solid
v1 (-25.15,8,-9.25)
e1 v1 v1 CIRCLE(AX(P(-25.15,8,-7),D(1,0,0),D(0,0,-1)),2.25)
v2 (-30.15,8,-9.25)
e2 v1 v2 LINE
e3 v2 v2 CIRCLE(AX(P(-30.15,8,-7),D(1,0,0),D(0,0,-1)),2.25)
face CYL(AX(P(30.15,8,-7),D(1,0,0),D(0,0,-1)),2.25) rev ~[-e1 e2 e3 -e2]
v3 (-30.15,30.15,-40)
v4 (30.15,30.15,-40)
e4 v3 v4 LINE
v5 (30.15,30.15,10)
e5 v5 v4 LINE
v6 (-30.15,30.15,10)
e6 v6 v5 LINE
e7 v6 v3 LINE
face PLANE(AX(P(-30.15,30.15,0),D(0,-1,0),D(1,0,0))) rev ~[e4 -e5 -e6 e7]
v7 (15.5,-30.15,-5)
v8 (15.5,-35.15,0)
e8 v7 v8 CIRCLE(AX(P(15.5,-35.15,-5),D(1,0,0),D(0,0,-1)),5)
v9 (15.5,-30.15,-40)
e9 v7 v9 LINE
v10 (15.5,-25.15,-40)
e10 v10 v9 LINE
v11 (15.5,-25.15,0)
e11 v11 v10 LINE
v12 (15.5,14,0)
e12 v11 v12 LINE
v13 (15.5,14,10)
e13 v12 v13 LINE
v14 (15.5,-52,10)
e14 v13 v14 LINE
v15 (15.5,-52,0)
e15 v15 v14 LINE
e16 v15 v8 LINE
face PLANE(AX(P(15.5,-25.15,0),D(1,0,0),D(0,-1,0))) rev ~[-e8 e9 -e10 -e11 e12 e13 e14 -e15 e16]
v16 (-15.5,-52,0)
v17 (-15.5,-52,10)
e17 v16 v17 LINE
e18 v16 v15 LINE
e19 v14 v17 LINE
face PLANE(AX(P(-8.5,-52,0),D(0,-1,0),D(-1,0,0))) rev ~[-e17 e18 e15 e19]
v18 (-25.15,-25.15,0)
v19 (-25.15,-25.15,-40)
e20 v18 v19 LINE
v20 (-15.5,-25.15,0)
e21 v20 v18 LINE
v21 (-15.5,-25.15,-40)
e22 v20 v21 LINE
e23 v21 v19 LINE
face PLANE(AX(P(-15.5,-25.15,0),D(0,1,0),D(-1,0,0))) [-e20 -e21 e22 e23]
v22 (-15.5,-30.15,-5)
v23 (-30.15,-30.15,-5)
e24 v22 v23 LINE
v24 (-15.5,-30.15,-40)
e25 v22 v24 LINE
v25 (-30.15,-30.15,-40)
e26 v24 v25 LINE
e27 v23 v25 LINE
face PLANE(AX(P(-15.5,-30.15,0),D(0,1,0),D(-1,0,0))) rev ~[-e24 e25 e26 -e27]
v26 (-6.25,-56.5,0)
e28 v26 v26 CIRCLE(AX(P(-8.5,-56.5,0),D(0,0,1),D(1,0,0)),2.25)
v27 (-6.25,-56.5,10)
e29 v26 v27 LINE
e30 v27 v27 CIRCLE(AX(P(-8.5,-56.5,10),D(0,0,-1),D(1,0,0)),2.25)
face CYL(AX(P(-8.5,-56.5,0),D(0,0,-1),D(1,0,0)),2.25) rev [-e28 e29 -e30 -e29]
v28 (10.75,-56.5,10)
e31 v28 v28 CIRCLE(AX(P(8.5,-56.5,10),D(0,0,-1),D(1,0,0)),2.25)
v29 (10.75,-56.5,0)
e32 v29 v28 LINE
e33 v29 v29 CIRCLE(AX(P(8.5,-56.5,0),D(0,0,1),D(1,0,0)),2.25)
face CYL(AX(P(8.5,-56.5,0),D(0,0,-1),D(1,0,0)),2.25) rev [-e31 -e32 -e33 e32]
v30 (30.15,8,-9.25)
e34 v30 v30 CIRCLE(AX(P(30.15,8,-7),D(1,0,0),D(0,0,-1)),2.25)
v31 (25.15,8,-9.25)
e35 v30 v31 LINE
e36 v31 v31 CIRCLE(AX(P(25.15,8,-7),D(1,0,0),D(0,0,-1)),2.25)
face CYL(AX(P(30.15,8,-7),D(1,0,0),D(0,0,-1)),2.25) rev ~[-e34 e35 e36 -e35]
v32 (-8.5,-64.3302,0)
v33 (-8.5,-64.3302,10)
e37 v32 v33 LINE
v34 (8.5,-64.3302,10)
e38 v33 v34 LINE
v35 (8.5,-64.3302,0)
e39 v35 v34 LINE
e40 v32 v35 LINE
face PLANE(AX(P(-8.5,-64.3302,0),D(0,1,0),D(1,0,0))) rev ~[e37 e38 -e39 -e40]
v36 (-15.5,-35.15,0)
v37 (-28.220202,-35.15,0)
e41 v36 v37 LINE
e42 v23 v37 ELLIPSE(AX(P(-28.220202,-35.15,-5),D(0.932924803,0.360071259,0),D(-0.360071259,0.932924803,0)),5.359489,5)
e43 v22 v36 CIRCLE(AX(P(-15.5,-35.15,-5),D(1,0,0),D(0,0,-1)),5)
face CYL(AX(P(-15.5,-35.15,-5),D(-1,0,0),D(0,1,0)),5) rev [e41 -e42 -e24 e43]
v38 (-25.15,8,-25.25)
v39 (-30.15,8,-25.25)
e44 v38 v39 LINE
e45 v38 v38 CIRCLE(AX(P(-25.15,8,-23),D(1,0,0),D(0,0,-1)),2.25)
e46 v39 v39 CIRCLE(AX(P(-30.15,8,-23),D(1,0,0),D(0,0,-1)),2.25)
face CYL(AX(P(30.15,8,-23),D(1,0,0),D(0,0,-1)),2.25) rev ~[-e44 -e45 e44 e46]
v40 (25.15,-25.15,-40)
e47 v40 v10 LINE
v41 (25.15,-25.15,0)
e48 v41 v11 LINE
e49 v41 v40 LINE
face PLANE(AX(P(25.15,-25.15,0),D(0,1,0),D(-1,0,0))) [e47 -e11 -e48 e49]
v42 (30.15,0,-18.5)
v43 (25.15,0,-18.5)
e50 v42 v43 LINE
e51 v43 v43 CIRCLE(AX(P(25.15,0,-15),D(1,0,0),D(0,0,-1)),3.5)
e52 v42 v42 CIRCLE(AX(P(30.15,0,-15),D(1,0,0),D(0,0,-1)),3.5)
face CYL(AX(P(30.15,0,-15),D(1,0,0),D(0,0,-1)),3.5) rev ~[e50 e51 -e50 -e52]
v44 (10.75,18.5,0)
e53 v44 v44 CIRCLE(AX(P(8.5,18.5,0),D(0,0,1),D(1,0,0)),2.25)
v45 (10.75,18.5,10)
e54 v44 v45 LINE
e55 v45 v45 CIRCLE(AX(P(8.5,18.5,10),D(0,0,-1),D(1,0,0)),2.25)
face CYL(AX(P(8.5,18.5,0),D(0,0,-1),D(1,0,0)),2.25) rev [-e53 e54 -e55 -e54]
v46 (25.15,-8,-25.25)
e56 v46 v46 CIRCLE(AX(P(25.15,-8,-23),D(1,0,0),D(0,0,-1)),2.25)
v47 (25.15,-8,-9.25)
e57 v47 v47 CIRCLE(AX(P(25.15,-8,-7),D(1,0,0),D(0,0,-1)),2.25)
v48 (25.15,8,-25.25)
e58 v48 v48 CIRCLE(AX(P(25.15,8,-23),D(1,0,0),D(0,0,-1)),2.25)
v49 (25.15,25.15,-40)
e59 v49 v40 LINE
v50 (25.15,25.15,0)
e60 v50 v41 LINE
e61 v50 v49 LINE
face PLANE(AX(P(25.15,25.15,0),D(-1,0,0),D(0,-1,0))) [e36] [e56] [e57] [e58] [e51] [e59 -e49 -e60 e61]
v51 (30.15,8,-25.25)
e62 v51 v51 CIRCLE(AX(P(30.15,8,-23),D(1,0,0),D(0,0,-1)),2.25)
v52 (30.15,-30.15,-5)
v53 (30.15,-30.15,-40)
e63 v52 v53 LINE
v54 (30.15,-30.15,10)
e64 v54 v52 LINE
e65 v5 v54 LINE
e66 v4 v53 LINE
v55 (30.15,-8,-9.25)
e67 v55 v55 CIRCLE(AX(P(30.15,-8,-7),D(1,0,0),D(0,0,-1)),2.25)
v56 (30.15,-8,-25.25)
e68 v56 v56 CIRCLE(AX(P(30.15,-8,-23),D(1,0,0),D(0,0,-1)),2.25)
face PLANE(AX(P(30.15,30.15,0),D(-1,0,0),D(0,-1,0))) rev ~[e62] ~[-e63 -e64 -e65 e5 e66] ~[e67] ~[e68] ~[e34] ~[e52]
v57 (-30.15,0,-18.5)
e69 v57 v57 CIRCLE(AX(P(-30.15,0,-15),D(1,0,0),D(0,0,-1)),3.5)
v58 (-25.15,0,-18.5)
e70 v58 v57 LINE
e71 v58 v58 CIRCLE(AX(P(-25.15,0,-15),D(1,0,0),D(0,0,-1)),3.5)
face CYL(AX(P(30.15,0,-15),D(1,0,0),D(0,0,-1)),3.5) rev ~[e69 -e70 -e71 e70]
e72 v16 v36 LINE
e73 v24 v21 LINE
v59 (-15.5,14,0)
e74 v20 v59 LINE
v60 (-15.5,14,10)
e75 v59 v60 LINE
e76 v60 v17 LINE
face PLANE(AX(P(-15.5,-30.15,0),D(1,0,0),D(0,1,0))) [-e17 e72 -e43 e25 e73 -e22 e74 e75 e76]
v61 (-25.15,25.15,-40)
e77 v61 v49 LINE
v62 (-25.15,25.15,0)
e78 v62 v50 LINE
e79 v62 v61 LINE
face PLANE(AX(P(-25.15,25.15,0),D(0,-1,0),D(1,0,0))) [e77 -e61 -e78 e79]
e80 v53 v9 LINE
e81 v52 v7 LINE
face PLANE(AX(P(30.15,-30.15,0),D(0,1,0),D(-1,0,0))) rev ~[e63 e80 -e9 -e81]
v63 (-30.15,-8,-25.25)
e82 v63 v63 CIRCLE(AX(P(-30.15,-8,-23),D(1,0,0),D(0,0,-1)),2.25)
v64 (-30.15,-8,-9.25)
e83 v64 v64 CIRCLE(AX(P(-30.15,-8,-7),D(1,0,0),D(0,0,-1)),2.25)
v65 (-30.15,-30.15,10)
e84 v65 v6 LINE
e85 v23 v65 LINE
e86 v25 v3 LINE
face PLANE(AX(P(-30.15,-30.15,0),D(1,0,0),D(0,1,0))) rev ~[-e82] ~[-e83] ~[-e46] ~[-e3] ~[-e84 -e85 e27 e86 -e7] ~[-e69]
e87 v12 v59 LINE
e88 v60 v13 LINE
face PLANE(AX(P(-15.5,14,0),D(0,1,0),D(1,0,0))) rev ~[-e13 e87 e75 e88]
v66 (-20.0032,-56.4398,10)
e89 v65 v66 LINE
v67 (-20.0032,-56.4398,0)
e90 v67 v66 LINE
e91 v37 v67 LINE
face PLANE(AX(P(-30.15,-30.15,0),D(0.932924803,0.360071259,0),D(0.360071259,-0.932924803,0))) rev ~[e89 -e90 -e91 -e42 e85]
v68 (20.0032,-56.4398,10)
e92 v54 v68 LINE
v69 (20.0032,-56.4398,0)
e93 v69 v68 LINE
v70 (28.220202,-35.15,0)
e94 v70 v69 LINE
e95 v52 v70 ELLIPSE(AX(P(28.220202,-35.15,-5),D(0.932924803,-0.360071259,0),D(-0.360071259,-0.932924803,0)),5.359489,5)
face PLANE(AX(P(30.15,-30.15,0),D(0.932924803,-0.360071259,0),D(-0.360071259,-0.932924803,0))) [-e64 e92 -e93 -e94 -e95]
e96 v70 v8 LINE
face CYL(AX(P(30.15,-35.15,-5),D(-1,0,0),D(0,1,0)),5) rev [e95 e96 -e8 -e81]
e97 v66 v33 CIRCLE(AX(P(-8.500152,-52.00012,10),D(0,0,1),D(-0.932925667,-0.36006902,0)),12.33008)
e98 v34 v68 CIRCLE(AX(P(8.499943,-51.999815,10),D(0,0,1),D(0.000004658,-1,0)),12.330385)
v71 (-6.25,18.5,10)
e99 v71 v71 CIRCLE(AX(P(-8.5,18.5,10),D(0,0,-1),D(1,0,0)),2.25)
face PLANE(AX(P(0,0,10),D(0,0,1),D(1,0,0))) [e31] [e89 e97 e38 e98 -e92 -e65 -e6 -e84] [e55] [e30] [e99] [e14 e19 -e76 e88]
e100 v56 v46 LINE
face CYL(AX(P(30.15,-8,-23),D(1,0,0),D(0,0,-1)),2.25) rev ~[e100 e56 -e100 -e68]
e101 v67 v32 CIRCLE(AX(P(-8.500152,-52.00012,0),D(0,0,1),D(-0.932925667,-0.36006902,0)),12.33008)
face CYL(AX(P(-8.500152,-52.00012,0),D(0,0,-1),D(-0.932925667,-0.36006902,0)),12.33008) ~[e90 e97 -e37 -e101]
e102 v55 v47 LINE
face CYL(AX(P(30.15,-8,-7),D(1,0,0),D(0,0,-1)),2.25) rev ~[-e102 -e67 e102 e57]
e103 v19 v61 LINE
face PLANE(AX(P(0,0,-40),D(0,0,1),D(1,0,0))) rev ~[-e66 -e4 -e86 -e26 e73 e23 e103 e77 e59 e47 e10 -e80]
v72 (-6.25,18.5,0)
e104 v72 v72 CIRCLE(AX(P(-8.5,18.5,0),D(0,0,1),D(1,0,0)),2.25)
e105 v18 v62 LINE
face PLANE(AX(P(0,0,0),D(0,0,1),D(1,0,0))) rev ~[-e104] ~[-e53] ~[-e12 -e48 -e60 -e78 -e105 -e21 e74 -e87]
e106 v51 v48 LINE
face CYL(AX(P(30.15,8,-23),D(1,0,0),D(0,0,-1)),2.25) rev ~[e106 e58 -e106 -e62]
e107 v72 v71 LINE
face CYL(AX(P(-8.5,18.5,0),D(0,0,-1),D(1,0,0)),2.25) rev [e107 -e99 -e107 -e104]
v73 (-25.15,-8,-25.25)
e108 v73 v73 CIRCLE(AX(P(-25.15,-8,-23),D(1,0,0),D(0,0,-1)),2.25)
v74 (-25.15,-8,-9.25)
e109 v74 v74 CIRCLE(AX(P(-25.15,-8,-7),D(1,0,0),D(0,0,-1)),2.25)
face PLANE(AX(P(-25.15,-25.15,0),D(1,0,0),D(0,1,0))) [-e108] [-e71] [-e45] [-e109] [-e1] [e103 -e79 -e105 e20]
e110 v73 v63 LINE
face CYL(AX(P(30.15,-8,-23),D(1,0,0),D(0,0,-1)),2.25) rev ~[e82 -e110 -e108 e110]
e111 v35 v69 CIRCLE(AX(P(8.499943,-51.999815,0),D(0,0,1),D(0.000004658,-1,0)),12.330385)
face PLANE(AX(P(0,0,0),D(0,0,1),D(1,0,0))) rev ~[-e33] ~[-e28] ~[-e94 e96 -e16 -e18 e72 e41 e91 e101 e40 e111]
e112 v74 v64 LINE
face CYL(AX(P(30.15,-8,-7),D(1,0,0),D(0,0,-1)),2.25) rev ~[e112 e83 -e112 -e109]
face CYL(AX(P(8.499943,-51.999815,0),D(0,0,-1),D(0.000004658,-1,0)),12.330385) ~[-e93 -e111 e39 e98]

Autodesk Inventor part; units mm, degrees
ref_plane "YZ Plane" through (0, 0, 0) normal (1, 0, 0) x (0, 1, 0)
ref_plane "XZ Plane" through (0, 0, 0) normal (0, 1, 0) x (-1, 0, 0)
ref_plane "XY Plane" through (0, 0, 0) normal (0, 0, 1) x (1, 0, 0)
sketch "Sketch1" plane through (0, 0, 0) normal (0, 0, 1) x (1, 0, 0)
  line L0 (-25.15, 25.15) -> (25.15, 25.15)
  line L1 (25.15, 25.15) -> (25.15, -25.15)
  line L2 (25.15, -25.15) -> (-25.15, -25.15)
  line L3 (-25.15, -25.15) -> (-25.15, 25.15)
  line L4 (-25.15, 25.15) -> (25.15, -25.15) construction
  line L5 (25.15, 25.15) -> (-25.15, -25.15) construction
  line L6 (-30.15, 30.15) -> (30.15, 30.15)
  line L7 (30.15, 30.15) -> (30.15, -30.15)
  line L8 (30.15, -30.15) -> (-30.15, -30.15)
  line L9 (-30.15, -30.15) -> (-30.15, 30.15)
  line L10 (-30.15, 30.15) -> (30.15, -30.15) construction
  line L11 (30.15, 30.15) -> (-30.15, -30.15) construction
  line L12 (0, 25.15) -> (0, 18.5) construction
  line L13 (0, 18.5) -> (8.5, 18.5) construction
  circle A0 centre (8.5, 18.5) radius 2.25
  line L14 (8.5, 18.5) -> (-8.5, 18.5)
  line L15 (-8.5, 18.5) -> (-8.5, -56.5)
  line L16 (-8.5, -56.5) -> (8.5, -56.5)
  line L17 (8.5, -56.5) -> (8.5, 18.5)
  circle A1 centre (8.5, -56.5) radius 2.25
  line L18 (-8.5, 18.5) -> (8.5, -56.5) construction
  line L19 (-15.5, 14) -> (15.5, 14)
  line L20 (15.5, 14) -> (15.5, -52)
  line L21 (15.5, -52) -> (-15.5, -52)
  line L22 (-15.5, -52) -> (-15.5, 14)
  line L23 (-15.5, 14) -> (15.5, -52) construction
  line L24 (15.5, 14) -> (-15.5, -52) construction
  circle A2 centre (-8.5, -56.5) radius 2.25
  circle A3 centre (-8.5, 18.5) radius 2.25
  line L25 (-30.15, -30.15) -> (-20.0032, -56.4398)
  arc A4 (-20.0032, -56.4398) -> (-8.5, -64.3302) centre (-8.5, -52) ccw
  line L26 (0, 0) -> (0, -19) construction
  line L27 (30.15, -30.15) -> (20.0032, -56.4398)
  line L28 (-8.5, -64.3302) -> (8.5, -64.3302)
  arc A5 (8.5, -64.3302) -> (20.0032, -56.4398) centre (8.5, -52) ccw
  point P0 (15.5, -25.15)
  point P1 (15.5, -30.15)
  point P2 (-15.5, -30.15)
  point P3 (-15.5, -25.15)
  dimension "d0" = 50.3
  dimension "d2" = 60.3
  dimension "d4" = 6.65
  dimension "d5" = 8.5
  dimension "d6" = 4.5
  dimension "d7" = 17
  dimension "d8" = 75
  dimension "d10" = 31
  dimension "d11" = 66
extrude "Extrusion1" add sketch "Sketch1" against normal blind 40 contours L3 L2 L22 L8 L9 L6 L7 L20 L1 L0
extrude "Extrusion2" add sketch "Sketch1" along normal blind 10 contours L3 L2 L22 L8 L9 L6 L7 L20 L1 L0 | L0 L1 L2 L20 L19 L17 A0 L14 A3 L15 L22 L3 | L22 L21 L15 A2 L16 A1 L17 L20 L8 L27 A5 L28 A4 L25 | L15 A3 L14 A0 L17 L19 | L21 L17 A1 L16 A2 L15
fillet "Fillet1" radius 5 2 edges at (22.825, -30.15, 0) (-22.825, -30.15, 0)
sketch "Sketch2" plane through (30.15, -30.15, -40) normal (1, 0, 0) x (0, 0, -1)
  line L0 (0, 60.3) -> (0, 0) projected
  line L1 (-10, 60.3) -> (-40, 60.3)
  line L2 (-40, 60.3) -> (-40, 0)
  line L3 (-40, 0) -> (-10, 0)
  line L4 (-10, 0) -> (-10, 60.3)
  line L5 (-35, 0) -> (0, 0) construction
  circle A0 centre (-25, 30.15) radius 3.5
  line L6 (0.0184, 0) -> (-9.9816, 0) construction
  line L7 (-35, 0) -> (0, 0) projected
  line L8 (-33, 38.15) -> (-17, 38.15) construction
  line L9 (-17, 38.15) -> (-17, 22.15) construction
  line L10 (-17, 22.15) -> (-33, 22.15) construction
  line L11 (-33, 22.15) -> (-33, 38.15) construction
  line L12 (-33, 38.15) -> (-17, 22.15) construction
  line L13 (-17, 38.15) -> (-33, 22.15) construction
  circle A1 centre (-33, 38.15) radius 2.25
  circle A2 centre (-17, 38.15) radius 2.25
  circle A3 centre (-17, 22.15) radius 2.25
  circle A4 centre (-33, 22.15) radius 2.25
  line L14 (-25, 30.15) -> (-20.3356, 34.8144) construction
  line L15 (-10, 60.3) -> (-40, 0) construction
  line L16 (-25, 30.15) -> (-30.0486, 30.15) construction
  point P0 (-40, 30.15)
  dimension "d20" = 30
  dimension "d21" = 7
  dimension "d24" = 10
  dimension "d25" = 16
  dimension "d27" = 4.5
  dimension "d28" = 60.3
extrude "Extrusion3" cut sketch "Sketch2" against normal blind 65 contours A0 | A1 | A2 | A3 | A4
properties part number "Servo-house" material "PBT Plastic"
